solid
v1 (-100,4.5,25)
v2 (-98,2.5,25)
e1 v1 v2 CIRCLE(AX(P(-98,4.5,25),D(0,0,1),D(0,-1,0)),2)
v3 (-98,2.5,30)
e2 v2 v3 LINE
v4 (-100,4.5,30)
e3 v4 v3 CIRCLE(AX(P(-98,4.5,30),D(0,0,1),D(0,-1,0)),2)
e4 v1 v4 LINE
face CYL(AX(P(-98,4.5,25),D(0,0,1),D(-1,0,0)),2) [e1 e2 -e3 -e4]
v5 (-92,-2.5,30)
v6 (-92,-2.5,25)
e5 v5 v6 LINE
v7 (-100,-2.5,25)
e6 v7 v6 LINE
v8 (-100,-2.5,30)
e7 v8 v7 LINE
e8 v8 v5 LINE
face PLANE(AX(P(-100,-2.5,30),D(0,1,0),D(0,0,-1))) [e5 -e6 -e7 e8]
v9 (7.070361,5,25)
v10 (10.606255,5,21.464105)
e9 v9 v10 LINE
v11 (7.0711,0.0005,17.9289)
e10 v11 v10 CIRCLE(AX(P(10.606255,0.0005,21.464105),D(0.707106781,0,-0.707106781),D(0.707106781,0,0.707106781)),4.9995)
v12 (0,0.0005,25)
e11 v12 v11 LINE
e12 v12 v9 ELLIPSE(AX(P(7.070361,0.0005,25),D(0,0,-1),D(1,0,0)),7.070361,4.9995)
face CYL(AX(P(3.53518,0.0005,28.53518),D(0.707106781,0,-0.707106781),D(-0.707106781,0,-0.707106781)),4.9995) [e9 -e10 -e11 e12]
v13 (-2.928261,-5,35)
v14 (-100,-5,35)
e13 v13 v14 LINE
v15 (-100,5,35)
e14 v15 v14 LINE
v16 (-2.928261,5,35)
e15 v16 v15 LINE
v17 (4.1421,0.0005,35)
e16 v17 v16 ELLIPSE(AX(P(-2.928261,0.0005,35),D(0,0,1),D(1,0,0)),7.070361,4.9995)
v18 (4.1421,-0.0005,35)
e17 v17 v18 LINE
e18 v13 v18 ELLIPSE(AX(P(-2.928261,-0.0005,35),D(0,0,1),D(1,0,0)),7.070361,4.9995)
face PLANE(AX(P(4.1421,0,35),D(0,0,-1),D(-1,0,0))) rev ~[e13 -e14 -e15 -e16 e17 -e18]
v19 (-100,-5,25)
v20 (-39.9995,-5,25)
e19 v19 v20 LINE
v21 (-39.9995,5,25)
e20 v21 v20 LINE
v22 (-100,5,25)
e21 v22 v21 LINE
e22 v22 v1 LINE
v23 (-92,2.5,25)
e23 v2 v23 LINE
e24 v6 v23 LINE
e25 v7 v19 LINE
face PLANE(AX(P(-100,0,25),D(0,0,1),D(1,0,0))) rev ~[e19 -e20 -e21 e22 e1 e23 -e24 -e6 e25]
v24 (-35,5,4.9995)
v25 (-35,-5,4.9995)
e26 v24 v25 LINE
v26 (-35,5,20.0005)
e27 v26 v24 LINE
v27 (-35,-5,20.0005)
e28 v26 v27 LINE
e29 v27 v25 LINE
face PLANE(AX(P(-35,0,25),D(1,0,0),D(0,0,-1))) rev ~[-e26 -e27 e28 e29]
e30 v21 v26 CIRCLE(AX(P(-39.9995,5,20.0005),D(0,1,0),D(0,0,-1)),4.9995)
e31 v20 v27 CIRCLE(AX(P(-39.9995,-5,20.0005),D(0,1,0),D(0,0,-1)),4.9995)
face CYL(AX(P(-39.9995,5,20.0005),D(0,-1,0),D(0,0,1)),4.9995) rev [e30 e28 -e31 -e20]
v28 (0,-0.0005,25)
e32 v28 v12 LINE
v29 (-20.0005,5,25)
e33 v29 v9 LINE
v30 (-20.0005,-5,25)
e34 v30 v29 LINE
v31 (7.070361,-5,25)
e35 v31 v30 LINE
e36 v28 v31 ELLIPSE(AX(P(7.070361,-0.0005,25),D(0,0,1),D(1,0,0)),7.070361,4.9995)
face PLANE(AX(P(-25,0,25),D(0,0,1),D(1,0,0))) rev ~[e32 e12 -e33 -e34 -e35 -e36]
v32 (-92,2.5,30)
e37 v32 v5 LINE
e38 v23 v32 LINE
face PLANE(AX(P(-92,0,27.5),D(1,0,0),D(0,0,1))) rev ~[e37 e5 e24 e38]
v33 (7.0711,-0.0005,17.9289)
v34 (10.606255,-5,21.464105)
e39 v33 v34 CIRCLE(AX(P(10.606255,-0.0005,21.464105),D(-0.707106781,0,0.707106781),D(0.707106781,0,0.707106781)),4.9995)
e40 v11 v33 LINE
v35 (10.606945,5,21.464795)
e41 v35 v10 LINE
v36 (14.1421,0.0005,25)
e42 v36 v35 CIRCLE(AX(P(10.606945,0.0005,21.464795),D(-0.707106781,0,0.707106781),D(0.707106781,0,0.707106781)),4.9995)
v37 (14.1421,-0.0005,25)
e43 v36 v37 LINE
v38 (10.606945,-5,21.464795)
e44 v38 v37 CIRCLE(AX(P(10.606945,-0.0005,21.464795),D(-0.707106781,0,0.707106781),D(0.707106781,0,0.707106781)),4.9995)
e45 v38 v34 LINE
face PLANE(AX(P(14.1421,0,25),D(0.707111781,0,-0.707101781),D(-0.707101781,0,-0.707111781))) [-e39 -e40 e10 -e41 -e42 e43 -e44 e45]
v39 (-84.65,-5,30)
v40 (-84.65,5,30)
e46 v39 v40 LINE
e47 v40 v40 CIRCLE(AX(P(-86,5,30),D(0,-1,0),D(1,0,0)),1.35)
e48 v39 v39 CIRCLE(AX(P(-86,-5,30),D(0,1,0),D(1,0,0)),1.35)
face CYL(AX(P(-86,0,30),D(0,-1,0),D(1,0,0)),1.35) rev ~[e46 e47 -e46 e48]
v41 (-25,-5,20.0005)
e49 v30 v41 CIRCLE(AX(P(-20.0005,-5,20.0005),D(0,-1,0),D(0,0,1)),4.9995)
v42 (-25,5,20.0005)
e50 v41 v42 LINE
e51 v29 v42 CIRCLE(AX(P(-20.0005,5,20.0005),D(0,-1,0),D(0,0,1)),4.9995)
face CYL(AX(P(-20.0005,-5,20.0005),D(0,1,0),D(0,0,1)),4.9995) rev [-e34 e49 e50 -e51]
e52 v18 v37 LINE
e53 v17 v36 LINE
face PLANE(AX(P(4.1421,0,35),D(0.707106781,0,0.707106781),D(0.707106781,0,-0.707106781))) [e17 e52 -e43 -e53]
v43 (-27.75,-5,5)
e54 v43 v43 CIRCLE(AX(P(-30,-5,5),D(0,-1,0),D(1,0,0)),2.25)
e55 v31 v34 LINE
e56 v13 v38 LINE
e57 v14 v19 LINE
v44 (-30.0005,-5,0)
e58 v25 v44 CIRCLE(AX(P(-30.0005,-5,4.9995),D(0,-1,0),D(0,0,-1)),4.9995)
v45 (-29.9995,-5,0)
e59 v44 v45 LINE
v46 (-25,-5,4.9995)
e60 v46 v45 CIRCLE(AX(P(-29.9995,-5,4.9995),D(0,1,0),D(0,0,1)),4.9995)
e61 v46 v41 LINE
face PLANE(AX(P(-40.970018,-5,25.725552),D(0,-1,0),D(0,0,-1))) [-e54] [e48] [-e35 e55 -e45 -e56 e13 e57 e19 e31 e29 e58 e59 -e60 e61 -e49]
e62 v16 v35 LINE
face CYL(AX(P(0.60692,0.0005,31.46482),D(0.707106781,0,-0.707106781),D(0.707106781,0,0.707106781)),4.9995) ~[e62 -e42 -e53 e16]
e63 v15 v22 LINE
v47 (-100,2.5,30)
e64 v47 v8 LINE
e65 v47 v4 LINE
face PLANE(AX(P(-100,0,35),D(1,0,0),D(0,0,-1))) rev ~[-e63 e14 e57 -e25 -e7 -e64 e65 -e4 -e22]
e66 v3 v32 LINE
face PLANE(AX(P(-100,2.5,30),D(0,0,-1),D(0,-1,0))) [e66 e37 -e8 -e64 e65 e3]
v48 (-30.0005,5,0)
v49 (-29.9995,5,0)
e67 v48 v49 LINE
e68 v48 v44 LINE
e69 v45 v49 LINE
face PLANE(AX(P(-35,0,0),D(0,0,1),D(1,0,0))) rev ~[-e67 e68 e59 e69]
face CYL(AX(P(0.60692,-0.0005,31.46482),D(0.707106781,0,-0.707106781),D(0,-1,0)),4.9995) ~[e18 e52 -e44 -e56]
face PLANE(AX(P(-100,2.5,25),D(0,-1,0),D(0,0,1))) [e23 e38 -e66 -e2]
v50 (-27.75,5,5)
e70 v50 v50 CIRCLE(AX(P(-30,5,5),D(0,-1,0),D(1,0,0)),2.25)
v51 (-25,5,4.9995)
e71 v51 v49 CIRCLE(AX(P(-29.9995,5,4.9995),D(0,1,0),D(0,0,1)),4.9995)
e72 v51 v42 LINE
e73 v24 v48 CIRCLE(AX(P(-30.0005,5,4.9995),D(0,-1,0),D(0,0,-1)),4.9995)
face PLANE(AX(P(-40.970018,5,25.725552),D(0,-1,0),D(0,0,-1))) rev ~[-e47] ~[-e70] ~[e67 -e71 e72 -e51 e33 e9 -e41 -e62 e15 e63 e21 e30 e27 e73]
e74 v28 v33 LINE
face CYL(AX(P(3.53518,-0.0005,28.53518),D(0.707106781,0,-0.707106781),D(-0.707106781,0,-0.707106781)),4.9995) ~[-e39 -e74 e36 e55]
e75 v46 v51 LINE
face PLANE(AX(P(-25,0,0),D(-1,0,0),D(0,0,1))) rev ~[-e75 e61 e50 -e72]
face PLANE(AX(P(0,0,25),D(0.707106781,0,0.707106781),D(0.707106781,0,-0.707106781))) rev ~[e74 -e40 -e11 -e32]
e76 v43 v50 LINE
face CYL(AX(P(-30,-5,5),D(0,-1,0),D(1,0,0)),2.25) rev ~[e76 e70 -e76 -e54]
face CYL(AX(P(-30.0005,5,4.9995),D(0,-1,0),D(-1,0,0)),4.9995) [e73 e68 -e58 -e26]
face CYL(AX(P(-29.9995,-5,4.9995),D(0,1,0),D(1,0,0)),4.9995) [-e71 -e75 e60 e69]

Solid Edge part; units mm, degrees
sketch "Sketch1" plane through (0, 0, 0) normal (0, -1, 0) x (1, 0, 0)
  line L0 (0, 25) -> (7.0711, 17.9289)
  line L1 (14.1421, 25) -> (7.0711, 17.9289)
  line L2 (4.1421, 35) -> (14.1421, 25)
  line L3 (4.1421, 35) -> (-100, 35)
  line L4 (-100, 35) -> (-100, 25)
  line L5 (-100, 25) -> (-35, 25)
  line L6 (-35, 25) -> (-35, 0)
  line L7 (-35, 0) -> (-25, 0)
  line L8 (-25, 0) -> (-25, 25)
  line L9 (-25, 25) -> (0, 25)
extrude "Protrusion1" add sketch "Sketch1" along normal mid plane 10
fillet "Round_1" radius 5 4 edges at (3.5355, -5, 21.4645) (3.5355, 5, 21.4645) (9.1421, 5, 30) (9.1421, -5, 30)
sketch "Sketch2" plane through (-61.4645, -5, 24) normal (0, -1, 0) x (1, 0, 0)
  circle A0 centre (31.4645, -19) radius 2.25
extrude "ExtrudedCutout_1" cut sketch "Sketch2" along normal mid plane 69.4908
fillet "Round_2" radius 5 4 edges at (-25, 0, 0) (-35, 0, 0) (-25, 0, 25) (-35, 0, 25)
sketch "Sketch3" plane through (-100, 0, 43) normal (-1, 0, 0) x (0, 0, -1)
  line L0 (18, -2.5) -> (13, -2.5)
  line L1 (13, -2.5) -> (13, 2.5)
  line L2 (13, 2.5) -> (18, 2.5)
  line L3 (18, 2.5) -> (18, -2.5)
extrude "ExtrudedCutout_2" cut sketch "Sketch3" against normal blind 8
sketch "Sketch4" plane through (0, 0, 0) normal (0, -1, 0) x (1, 0, 0)
  circle A0 centre (-86, 30) radius 1.35
extrude "ExtrudedCutout_3" cut sketch "Sketch4" along normal mid plane 29.2691
fillet "Round_3" radius 2 1 edges at (-100, 2.5, 27.5)
properties material "PVC"
